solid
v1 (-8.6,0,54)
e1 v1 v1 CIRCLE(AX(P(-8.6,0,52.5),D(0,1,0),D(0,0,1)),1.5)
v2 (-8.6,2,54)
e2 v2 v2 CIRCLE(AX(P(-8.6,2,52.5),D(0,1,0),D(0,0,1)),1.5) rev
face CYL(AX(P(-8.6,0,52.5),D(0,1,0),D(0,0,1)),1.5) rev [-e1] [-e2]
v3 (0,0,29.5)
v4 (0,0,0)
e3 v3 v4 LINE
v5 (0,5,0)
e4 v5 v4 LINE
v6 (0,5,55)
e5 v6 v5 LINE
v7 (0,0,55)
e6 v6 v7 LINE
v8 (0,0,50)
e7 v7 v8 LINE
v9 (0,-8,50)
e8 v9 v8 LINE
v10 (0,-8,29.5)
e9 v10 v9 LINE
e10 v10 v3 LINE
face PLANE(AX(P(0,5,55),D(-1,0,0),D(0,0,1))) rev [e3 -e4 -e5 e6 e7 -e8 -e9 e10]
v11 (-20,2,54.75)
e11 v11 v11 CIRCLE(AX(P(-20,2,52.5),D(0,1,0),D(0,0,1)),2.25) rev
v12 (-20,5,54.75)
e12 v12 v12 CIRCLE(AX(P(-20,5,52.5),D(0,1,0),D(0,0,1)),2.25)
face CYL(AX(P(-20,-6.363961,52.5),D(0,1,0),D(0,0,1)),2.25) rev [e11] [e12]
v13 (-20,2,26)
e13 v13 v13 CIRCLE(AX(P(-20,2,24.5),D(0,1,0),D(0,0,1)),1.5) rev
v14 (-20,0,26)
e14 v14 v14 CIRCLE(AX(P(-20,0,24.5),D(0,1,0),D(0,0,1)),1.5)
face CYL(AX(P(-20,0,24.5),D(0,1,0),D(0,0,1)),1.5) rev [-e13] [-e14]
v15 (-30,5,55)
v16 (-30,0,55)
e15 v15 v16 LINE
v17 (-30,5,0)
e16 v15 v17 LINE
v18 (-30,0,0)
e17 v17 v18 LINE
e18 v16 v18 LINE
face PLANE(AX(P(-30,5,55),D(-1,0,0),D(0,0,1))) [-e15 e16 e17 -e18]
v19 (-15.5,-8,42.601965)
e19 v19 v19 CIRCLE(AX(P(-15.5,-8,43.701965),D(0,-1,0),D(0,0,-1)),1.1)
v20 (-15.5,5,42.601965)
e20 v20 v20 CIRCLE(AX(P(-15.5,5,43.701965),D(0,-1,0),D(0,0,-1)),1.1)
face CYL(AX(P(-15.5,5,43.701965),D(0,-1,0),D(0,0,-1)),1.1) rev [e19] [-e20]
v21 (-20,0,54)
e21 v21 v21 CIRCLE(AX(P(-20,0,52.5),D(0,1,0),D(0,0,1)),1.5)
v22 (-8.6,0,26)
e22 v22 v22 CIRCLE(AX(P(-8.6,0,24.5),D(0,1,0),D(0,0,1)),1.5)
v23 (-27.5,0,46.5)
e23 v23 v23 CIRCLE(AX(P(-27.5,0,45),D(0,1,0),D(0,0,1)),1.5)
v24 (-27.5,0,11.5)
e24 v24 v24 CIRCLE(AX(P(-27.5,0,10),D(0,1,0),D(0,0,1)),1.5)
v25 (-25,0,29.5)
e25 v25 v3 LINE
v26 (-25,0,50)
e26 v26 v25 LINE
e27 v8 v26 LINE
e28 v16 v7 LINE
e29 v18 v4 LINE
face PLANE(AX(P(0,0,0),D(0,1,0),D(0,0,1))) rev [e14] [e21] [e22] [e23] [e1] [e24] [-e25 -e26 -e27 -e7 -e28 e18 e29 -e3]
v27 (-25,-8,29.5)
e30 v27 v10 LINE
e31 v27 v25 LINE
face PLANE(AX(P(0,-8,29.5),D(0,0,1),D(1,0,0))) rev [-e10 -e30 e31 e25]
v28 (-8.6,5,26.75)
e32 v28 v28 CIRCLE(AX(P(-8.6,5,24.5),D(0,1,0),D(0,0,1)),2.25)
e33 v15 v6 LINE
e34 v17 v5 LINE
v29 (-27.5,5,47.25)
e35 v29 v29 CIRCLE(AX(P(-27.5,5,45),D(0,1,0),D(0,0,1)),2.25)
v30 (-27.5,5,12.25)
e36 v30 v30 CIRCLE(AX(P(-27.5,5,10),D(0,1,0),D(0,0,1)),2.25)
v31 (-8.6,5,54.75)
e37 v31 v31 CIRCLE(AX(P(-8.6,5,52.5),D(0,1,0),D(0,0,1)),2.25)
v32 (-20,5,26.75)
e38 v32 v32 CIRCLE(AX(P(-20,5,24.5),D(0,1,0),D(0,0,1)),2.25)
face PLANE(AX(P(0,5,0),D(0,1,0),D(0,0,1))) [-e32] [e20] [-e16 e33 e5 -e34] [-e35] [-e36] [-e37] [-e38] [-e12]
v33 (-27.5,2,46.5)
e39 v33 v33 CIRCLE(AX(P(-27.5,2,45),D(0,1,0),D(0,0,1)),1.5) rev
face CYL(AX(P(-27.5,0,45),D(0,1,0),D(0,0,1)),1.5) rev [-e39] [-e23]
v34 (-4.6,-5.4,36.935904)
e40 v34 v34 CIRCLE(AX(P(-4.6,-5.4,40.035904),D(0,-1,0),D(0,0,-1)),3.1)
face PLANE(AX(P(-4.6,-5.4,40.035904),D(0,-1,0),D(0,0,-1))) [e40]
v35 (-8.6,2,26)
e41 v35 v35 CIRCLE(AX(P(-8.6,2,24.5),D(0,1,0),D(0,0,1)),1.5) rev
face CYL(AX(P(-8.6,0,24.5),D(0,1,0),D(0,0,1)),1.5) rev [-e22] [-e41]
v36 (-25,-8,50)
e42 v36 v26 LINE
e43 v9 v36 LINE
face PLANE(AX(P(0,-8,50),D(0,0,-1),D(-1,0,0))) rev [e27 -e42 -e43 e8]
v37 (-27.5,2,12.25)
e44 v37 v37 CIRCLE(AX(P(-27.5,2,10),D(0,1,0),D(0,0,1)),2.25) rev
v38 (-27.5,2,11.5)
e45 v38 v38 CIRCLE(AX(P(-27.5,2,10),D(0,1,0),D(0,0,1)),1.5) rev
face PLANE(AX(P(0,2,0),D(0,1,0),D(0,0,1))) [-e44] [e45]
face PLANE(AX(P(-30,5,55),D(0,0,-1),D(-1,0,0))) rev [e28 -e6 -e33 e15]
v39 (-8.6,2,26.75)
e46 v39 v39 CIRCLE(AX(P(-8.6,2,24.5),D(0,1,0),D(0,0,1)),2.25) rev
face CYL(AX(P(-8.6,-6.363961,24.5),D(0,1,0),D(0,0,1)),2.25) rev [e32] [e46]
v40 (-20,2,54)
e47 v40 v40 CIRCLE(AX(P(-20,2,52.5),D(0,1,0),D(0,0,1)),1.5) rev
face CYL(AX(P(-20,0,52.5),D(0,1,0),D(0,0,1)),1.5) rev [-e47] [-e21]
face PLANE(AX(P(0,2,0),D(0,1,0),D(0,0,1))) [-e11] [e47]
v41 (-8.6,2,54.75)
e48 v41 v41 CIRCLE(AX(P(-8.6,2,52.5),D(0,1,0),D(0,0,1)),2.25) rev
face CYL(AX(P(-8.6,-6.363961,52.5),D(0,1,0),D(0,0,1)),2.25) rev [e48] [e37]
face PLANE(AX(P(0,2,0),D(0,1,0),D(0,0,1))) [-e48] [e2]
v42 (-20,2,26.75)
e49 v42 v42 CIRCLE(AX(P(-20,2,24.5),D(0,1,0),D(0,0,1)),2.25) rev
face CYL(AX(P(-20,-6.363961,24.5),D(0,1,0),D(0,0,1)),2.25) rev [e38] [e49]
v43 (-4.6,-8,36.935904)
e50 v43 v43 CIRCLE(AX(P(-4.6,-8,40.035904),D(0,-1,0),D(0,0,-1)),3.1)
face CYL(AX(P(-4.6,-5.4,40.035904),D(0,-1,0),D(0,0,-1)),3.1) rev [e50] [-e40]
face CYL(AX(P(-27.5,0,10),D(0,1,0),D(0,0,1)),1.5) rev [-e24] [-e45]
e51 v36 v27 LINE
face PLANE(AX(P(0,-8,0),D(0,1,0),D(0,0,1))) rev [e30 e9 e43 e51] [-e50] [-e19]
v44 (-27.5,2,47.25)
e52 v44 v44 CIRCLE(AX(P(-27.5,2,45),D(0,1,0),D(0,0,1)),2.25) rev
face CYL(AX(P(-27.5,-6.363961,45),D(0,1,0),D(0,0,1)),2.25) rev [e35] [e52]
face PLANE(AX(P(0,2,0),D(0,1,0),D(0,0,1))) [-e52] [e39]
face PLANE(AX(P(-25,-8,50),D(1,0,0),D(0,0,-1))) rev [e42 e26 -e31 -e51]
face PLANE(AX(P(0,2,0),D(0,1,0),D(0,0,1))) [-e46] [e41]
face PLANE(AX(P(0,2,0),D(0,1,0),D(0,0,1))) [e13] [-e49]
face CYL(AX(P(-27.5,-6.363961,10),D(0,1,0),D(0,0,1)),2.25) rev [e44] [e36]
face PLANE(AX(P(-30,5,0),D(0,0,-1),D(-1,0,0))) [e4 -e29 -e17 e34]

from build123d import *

# Parameters (mm, degrees)
SKETCH_1_W          = 30
SKETCH_1_H          = 55
EXTRUDE_1_DEPTH     = 5
SKETCH_4_R          = 1.5
CUT_EXTRUDE_1_DEPTH = 63.84902545
SKETCH_4_3_R        = 2.25
CUT_EXTRUDE_2_DEPTH = 3
SKETCH_5_W          = 25
SKETCH_5_H          = 20.5
EXTRUDE_2_DEPTH     = 8
SKETCH_6_R          = 3.1
CUT_EXTRUDE_3_DEPTH = 2.6
SKETCH_6_3_R        = 1.1
CUT_EXTRUDE_4_DEPTH = 64.984373092


with BuildPart() as part:
    # 草图1 → 凸台-拉伸1 (new body)
    with BuildSketch(Plane(origin=(0, 0, 0), x_dir=(1, 0, 0), z_dir=(0, 1, 0))):
        with Locations((-15, -27.5)):
            Rectangle(SKETCH_1_W, SKETCH_1_H)
    extrude(amount=EXTRUDE_1_DEPTH)

    # 草图4 → 切除-拉伸1 (cut, through all)
    with BuildSketch(Plane(origin=(0, 5, 0), x_dir=(1, 0, 0), z_dir=(0, 1, 0))):
        with Locations(Location((-27.5, -10, 0), (0, 0, 270))):
            Circle(SKETCH_4_R)
        with Locations(Location((-27.5, -45, 0), (0, 0, 270))):
            Circle(SKETCH_4_R)
        with Locations(Location((-20, -52.5, 0), (0, 0, 270))):
            Circle(SKETCH_4_R)
        with Locations(Location((-8.6, -52.5, 0), (0, 0, 270))):
            Circle(SKETCH_4_R)
        with Locations(Location((-8.6, -24.5, 0), (0, 0, 270))):
            Circle(SKETCH_4_R)
        with Locations(Location((-20, -24.5, 0), (0, 0, 270))):
            Circle(SKETCH_4_R)
    extrude(amount=-CUT_EXTRUDE_1_DEPTH, mode=Mode.SUBTRACT)

    # 草图4<3> → 切除-拉伸2 (cut)
    with BuildSketch(Plane(origin=(0, 5, 0), x_dir=(1, 0, 0), z_dir=(0, 1, 0))):
        with Locations(Location((-27.5, -10, 0), (0, 0, 270))):
            Circle(SKETCH_4_3_R)
        with Locations(Location((-27.5, -45, 0), (0, 0, 270))):
            Circle(SKETCH_4_3_R)
        with Locations(Location((-20, -52.5, 0), (0, 0, 270))):
            Circle(SKETCH_4_3_R)
        with Locations(Location((-8.6, -52.5, 0), (0, 0, 270))):
            Circle(SKETCH_4_3_R)
        with Locations(Location((-8.6, -24.5, 0), (0, 0, 270))):
            Circle(SKETCH_4_3_R)
        with Locations(Location((-20, -24.5, 0), (0, 0, 270))):
            Circle(SKETCH_4_3_R)
    extrude(amount=-CUT_EXTRUDE_2_DEPTH, mode=Mode.SUBTRACT)

    # 草图5 → 凸台-拉伸2 (add)
    with BuildSketch(Plane.XZ):
        with Locations((-12.5, 39.75)):
            Rectangle(SKETCH_5_W, SKETCH_5_H)
    extrude(amount=EXTRUDE_2_DEPTH)

    # 草图6 → 切除-拉伸3 (cut)
    with BuildSketch(Plane.XZ.offset(8)):
        with Locations(Location((-4.6, 40.035904331, 0), (0, 0, 270))):
            Circle(SKETCH_6_R)
    extrude(amount=-CUT_EXTRUDE_3_DEPTH, mode=Mode.SUBTRACT)

    # 草图6<3> → 切除-拉伸4 (cut, through all)
    with BuildSketch(Plane.XZ.offset(8)):
        with Locations(Location((-15.5, 43.701964887, 0), (0, 0, 270))):
            Circle(SKETCH_6_3_R)
    extrude(amount=-CUT_EXTRUDE_4_DEPTH, mode=Mode.SUBTRACT)


solid = part.part
